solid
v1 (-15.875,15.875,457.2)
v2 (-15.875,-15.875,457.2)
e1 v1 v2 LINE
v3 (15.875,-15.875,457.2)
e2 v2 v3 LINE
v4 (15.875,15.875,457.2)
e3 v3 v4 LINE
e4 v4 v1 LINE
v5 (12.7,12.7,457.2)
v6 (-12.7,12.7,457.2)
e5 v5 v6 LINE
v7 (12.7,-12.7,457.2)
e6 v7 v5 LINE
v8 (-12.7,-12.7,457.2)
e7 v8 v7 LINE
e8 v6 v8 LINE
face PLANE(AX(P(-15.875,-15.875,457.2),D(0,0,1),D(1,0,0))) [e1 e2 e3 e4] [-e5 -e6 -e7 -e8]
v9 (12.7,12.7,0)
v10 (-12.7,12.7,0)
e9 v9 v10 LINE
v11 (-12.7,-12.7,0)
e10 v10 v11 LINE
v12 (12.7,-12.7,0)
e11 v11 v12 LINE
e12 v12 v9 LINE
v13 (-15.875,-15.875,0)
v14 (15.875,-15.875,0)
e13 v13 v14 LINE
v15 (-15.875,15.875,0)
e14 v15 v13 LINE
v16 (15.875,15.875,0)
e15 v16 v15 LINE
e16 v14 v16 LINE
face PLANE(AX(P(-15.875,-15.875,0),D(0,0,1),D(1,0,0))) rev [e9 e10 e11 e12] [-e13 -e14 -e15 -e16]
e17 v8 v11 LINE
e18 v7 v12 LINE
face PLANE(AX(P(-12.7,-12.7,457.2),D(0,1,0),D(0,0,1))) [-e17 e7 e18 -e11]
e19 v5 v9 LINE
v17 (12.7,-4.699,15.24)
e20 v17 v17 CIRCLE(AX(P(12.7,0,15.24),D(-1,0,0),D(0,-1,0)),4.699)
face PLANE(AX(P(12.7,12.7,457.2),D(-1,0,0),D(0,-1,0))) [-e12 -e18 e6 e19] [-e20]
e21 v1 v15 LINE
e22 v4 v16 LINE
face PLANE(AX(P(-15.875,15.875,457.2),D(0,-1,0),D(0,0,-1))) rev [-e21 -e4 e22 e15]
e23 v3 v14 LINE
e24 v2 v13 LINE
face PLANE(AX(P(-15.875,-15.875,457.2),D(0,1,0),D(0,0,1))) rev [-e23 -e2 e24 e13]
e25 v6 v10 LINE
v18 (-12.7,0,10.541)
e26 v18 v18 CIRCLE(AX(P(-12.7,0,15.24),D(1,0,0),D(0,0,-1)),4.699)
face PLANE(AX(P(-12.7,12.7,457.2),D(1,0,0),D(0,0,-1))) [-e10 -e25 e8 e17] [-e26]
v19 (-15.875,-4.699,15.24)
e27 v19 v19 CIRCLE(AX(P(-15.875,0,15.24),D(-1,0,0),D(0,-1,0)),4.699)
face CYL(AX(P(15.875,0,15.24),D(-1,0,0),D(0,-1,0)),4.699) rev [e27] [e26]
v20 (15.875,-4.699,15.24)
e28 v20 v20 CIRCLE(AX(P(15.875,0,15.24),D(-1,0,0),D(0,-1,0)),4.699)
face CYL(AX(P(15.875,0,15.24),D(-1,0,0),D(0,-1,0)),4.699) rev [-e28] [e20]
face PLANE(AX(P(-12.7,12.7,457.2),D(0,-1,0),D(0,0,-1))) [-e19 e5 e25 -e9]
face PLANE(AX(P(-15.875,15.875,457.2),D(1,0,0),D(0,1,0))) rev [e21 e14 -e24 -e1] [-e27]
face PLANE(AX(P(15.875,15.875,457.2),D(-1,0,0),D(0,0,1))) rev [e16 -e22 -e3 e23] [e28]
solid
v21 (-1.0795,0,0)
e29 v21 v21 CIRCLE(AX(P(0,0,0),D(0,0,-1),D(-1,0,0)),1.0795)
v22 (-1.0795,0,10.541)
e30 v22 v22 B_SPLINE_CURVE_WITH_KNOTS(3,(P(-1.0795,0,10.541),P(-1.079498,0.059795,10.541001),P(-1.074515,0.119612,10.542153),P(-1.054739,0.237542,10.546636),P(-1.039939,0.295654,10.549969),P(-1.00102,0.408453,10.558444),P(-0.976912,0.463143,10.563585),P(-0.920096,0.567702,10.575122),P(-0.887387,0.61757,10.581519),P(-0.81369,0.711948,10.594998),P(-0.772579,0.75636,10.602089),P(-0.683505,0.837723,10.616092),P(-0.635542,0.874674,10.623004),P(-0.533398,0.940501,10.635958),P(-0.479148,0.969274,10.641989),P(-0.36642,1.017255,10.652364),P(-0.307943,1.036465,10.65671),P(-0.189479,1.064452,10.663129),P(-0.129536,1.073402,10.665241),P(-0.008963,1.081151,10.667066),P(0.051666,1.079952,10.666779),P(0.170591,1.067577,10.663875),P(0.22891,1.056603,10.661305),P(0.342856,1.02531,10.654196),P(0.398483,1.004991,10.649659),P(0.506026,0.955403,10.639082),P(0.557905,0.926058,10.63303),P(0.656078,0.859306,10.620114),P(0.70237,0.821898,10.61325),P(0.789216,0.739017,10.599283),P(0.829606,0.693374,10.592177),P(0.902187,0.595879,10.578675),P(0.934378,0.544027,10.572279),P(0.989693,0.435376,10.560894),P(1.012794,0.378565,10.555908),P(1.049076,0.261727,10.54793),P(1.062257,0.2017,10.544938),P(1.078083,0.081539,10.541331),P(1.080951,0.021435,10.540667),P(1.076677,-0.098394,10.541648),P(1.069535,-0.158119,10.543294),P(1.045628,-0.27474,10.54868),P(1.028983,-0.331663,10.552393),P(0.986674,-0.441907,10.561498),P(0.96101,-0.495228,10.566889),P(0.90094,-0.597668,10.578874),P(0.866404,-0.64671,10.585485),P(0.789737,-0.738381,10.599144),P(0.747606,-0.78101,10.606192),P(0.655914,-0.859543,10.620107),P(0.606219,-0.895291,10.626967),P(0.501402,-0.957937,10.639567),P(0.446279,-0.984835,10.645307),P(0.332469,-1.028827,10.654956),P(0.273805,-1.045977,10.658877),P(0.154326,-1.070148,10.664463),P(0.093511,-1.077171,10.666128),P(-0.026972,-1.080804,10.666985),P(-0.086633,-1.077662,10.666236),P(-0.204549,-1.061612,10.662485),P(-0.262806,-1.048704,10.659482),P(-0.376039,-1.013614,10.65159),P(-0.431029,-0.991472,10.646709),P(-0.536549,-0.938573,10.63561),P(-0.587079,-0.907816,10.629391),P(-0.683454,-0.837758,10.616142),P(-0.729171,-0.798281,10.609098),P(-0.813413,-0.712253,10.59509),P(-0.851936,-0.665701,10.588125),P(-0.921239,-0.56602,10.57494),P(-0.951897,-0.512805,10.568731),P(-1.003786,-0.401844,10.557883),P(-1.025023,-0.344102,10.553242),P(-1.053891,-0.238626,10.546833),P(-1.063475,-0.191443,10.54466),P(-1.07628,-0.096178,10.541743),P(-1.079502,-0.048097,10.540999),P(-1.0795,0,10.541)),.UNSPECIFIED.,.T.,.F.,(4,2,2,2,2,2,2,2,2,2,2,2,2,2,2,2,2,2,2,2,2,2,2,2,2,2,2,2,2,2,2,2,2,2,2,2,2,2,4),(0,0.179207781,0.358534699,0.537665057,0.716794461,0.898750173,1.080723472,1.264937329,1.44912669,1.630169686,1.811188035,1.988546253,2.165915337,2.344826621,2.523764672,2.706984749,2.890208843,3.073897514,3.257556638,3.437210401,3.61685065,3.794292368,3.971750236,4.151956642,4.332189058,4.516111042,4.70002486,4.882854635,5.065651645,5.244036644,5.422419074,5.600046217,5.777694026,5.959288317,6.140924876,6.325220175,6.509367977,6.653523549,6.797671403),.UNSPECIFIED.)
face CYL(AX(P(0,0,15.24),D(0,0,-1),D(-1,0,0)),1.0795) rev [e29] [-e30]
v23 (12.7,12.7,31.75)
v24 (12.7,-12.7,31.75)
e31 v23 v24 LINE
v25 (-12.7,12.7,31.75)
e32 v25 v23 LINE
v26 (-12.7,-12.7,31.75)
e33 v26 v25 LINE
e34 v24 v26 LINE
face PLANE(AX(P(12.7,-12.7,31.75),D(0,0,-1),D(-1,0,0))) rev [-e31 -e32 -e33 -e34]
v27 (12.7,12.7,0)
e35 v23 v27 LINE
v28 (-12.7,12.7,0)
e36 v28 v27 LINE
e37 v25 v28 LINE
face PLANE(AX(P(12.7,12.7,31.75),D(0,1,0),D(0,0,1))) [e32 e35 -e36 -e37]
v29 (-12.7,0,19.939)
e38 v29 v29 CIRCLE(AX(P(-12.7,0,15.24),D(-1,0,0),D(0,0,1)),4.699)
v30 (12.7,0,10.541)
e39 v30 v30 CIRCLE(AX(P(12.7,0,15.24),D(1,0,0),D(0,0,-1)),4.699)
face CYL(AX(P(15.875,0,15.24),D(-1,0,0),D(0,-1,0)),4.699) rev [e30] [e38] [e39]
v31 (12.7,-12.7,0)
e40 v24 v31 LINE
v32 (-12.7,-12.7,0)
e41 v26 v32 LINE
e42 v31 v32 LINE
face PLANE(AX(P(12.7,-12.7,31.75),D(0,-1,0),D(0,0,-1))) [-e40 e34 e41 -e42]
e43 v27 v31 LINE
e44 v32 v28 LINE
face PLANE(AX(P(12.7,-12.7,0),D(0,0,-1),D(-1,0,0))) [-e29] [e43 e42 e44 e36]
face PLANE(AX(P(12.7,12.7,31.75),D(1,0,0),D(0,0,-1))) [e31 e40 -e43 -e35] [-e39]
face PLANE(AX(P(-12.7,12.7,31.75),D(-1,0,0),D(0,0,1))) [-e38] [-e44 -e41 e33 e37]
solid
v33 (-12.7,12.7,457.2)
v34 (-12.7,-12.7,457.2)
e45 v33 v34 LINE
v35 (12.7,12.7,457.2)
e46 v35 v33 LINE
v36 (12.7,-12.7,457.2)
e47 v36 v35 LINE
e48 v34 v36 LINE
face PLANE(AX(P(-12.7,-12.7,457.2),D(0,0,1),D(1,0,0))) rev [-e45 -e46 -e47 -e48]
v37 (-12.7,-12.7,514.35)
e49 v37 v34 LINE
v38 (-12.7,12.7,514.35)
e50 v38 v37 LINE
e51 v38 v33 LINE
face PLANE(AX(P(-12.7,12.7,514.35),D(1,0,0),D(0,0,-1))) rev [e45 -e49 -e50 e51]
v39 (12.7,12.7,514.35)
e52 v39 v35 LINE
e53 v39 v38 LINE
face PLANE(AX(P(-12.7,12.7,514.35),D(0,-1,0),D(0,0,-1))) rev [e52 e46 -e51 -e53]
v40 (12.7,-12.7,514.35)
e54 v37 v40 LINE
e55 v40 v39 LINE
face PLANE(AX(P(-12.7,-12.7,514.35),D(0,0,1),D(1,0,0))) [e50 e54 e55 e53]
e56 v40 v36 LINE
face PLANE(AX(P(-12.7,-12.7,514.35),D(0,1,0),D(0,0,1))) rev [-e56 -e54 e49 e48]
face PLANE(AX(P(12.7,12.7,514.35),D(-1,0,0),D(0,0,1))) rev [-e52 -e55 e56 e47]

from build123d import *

# Parameters (mm, degrees)
SKETCH1_W          = 31.75
SKETCH1_H          = 31.75
SKETCH1_W_2        = 25.4
SKETCH1_H_2        = 25.4
EXTRUDE1_DEPTH     = 457.2
SKETCH2_W          = 25.4
SKETCH2_H          = 25.4
EXTRUDE2_DEPTH     = 57.15
SKETCH4_W          = 25.4
SKETCH4_H          = 25.4
EXTRUDE4_DEPTH     = 31.75
SKETCH3_R          = 4.699
CUT_EXTRUDE3_DEPTH = 32.75
SKETCH5_R          = 1.0795
CUT_EXTRUDE4_DEPTH = 15.24


with BuildPart() as part:
    # Sketch1 → Extrude1 (new body)
    with BuildSketch(Plane.XY):
        Rectangle(SKETCH1_W, SKETCH1_H)
        Rectangle(SKETCH1_W_2, SKETCH1_H_2, mode=Mode.SUBTRACT)
    extrude(amount=EXTRUDE1_DEPTH)


with BuildPart() as body_2:
    # Sketch2 → Extrude2 (new body)
    with BuildSketch(Plane.XY.offset(457.2)):
        Rectangle(SKETCH2_W, SKETCH2_H)
    extrude(amount=EXTRUDE2_DEPTH)


with BuildPart() as body_3:
    # Sketch4 → Extrude4 (new body)
    with BuildSketch(Plane(origin=(0, 0, 0), x_dir=(-1, 0, 0), z_dir=(0, 0, -1))):
        Rectangle(SKETCH4_W, SKETCH4_H)
    extrude(amount=-EXTRUDE4_DEPTH)


with BuildPart() as cut_extrude3_tool:
    # Sketch3 → Cut-Extrude3 (new body, through all)
    with BuildSketch(Plane.ZY.offset(15.875)):
        with Locations((15.24, 0)):
            Circle(SKETCH3_R)
    extrude(amount=-CUT_EXTRUDE3_DEPTH)


with BuildPart() as part_1:
    add(part.part)

    # Cut-Extrude3: cut by cut_extrude3_tool
    add(cut_extrude3_tool.part, mode=Mode.SUBTRACT)


with BuildPart() as body_3_1:
    add(body_3.part)

    # Cut-Extrude3: cut by cut_extrude3_tool
    add(cut_extrude3_tool.part, mode=Mode.SUBTRACT)

    # Sketch5 → Cut-Extrude4 (cut)
    with BuildSketch(Plane(origin=(0, 0, 0), x_dir=(-1, 0, 0), z_dir=(0, 0, -1))):
        Circle(SKETCH5_R)
    extrude(amount=-CUT_EXTRUDE4_DEPTH, mode=Mode.SUBTRACT)


solid = Compound([body_2.part, part_1.part, body_3_1.part])
